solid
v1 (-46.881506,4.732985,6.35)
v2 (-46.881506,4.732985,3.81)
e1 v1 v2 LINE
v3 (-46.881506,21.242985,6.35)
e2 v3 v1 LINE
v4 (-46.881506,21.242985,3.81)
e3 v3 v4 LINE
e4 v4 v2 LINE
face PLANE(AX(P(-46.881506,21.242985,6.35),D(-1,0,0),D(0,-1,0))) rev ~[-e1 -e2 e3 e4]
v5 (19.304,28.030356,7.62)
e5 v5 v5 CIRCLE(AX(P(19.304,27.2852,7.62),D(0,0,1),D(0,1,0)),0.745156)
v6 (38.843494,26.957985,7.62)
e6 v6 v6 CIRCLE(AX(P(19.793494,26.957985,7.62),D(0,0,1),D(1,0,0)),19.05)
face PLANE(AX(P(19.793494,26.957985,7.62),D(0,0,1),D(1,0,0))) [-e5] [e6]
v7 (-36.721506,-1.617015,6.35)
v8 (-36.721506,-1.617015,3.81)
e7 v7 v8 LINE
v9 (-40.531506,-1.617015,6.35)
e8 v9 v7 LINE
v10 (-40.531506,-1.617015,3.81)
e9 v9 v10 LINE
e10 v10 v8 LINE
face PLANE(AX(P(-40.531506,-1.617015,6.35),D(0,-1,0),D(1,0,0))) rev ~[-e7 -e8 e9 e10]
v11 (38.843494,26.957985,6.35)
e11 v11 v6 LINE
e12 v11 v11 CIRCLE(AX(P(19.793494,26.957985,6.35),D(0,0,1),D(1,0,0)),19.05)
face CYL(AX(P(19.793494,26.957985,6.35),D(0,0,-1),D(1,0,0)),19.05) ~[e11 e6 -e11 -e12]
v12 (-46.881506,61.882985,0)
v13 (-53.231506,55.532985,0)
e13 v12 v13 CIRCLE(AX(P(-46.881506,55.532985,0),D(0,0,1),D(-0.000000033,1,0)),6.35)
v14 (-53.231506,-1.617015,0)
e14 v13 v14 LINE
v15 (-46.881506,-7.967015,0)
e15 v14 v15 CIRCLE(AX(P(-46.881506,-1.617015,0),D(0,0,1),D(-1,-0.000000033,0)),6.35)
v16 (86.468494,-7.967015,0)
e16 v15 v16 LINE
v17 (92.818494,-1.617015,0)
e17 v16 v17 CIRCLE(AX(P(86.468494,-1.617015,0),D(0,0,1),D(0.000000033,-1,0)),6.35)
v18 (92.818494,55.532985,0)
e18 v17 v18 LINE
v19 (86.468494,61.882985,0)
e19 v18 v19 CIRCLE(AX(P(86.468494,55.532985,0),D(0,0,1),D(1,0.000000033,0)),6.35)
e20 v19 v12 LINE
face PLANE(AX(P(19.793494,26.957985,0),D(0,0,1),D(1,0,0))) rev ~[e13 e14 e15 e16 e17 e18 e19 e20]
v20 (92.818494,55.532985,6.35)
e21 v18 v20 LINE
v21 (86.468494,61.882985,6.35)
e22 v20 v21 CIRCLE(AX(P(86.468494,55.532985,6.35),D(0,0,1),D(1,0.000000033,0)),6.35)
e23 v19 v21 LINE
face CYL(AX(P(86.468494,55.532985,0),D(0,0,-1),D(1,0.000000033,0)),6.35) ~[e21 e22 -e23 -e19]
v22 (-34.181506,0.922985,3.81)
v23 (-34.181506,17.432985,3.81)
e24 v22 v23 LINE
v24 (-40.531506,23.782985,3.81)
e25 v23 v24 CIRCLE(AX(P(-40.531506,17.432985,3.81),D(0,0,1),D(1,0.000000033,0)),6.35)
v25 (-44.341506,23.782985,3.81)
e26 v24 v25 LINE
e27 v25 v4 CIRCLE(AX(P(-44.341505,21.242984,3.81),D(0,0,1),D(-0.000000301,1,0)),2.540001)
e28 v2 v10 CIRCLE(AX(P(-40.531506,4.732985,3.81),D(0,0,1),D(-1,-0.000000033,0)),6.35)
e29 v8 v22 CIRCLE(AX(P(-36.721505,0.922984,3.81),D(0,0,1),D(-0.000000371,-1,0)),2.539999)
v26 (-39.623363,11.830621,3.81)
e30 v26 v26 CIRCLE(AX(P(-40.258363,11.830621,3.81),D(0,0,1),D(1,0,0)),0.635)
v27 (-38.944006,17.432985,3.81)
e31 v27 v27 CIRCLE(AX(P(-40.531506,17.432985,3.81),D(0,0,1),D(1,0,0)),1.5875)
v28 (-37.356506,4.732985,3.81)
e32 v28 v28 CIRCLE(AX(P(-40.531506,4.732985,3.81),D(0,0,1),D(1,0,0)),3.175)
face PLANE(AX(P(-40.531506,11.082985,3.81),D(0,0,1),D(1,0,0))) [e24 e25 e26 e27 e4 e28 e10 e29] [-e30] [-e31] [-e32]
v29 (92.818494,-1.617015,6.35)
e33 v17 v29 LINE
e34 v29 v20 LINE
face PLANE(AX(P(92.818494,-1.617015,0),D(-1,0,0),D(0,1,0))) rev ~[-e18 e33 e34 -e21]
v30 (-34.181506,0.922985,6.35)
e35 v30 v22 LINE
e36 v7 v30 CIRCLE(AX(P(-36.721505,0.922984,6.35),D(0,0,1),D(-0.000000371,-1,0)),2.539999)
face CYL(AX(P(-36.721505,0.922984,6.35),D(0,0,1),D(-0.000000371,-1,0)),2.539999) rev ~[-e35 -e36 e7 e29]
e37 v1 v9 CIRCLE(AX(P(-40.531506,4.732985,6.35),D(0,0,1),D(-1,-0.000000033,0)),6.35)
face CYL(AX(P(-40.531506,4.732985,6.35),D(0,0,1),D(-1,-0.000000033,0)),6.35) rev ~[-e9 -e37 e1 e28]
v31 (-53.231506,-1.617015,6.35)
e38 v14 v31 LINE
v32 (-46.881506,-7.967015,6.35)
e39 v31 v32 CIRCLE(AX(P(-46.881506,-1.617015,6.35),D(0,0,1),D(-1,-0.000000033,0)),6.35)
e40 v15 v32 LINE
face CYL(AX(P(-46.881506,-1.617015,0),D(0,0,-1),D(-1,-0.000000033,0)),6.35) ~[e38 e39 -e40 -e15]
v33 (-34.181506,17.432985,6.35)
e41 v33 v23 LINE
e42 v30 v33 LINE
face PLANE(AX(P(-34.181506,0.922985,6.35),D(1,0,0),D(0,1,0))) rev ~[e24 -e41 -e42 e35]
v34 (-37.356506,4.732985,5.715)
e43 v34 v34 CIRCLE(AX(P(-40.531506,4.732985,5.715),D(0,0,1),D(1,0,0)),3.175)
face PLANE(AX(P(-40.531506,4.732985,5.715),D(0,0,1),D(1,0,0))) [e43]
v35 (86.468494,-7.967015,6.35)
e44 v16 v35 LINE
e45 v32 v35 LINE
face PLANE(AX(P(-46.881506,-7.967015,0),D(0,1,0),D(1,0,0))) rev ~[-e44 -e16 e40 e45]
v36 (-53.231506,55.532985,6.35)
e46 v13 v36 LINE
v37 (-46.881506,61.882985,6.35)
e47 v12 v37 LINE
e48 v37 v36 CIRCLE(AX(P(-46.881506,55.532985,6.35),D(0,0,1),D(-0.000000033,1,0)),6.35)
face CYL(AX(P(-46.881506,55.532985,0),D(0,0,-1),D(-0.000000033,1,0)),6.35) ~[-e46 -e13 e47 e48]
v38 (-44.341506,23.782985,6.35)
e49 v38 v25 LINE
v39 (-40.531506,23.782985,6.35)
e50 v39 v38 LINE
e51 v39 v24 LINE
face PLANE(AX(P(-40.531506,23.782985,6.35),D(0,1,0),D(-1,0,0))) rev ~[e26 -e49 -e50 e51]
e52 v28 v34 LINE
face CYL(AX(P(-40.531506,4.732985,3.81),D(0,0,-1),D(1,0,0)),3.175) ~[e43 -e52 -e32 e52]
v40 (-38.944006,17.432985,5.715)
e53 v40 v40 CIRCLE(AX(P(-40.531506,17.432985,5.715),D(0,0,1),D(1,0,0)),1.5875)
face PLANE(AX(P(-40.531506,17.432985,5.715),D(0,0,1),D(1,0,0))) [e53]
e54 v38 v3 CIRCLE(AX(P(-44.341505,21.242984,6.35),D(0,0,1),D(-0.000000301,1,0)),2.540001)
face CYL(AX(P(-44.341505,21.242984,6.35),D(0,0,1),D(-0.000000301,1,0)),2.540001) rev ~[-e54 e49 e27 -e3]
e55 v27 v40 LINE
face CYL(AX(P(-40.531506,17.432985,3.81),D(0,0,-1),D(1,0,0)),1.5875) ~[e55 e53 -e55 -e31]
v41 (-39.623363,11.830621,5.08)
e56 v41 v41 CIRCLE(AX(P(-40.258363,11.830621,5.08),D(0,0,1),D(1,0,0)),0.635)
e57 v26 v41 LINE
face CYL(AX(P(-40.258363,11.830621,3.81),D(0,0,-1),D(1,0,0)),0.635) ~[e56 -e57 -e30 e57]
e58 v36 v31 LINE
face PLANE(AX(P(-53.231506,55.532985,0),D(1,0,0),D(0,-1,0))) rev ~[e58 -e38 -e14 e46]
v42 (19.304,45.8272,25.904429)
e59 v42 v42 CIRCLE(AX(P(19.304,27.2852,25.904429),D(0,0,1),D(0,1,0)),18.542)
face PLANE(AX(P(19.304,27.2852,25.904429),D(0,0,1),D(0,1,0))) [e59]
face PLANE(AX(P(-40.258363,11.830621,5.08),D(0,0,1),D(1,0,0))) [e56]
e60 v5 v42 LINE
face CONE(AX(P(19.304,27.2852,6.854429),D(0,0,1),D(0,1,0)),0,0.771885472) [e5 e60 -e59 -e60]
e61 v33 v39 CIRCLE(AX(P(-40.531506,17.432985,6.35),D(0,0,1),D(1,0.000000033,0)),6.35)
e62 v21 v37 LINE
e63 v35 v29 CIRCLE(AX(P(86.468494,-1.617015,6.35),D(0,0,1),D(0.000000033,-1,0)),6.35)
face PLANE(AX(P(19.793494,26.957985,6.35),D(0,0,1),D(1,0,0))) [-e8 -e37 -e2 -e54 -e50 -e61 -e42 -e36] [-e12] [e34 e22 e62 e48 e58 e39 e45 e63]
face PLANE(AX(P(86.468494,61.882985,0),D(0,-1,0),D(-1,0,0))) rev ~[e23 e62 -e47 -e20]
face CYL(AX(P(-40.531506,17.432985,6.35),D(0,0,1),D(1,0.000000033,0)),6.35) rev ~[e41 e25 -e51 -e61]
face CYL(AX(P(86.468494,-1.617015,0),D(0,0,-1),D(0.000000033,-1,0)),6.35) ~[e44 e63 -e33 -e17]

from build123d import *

# Parameters (mm, degrees)
F1_DEPTH = 6.35
F3_DEPTH = 2.54
F4_R     = 3.175
F4_R_2   = 1.5875
F5_DEPTH = 1.905
F6_R     = 0.635
F7_DEPTH = 1.27
F8_R     = 19.05
F9_DEPTH = 1.27


with BuildPart() as f1:
    # F0 (on Top) → F1 (new body)
    with BuildSketch(Plane.XY):
        with BuildLine():
            Line((86.468494, 61.882985), (-46.881506, 61.882985))
            ThreePointArc((-46.881506, 61.882985), (-51.371634, 60.023113), (-53.231506, 55.532985))
            Line((-53.231506, 55.532985), (-53.231506, -1.617015))
            ThreePointArc((-53.231506, -1.617015), (-51.371634, -6.107143), (-46.881506, -7.967015))
            Line((-46.881506, -7.967015), (86.468494, -7.967015))
            ThreePointArc((86.468494, -7.967015), (90.958622, -6.107143), (92.818494, -1.617015))
            Line((92.818494, -1.617015), (92.818494, 55.532985))
            ThreePointArc((92.818494, 55.532985), (90.958622, 60.023113), (86.468494, 61.882985))
        make_face()
    extrude(amount=F1_DEPTH)

    # F2 (on face) → F3 (cut)
    with BuildSketch(Plane.XY.offset(6.35)):
        with BuildLine():
            ThreePointArc((-46.881506, 4.732985), (-45.021634, 0.242857), (-40.531506, -1.617015))
            Line((-40.531506, -1.617015), (-36.721506, -1.617015))
            ThreePointArc((-36.721506, -1.617015), (-34.925455, -0.873067), (-34.181506, 0.922985))
            Line((-34.181506, 0.922985), (-34.181506, 17.432985))
            ThreePointArc((-34.181506, 17.432985), (-36.041378, 21.923113), (-40.531506, 23.782985))
            Line((-40.531506, 23.782985), (-44.341506, 23.782985))
            ThreePointArc((-44.341506, 23.782985), (-46.137557, 23.039036), (-46.881506, 21.242985))
            Line((-46.881506, 21.242985), (-46.881506, 4.732985))
        make_face()
    extrude(amount=-F3_DEPTH, mode=Mode.SUBTRACT)

    # F4 (on face) → F5 (join)
    with BuildSketch(Plane.XY.offset(3.81)):
        with Locations((-40.531506, 4.732985)):
            Circle(F4_R)
        with Locations((-40.531506, 17.432985)):
            Circle(F4_R_2)
    extrude(amount=F5_DEPTH)

    # F6 (on face) → F7 (join)
    with BuildSketch(Plane.XY.offset(3.81)):
        with Locations((-40.258363, 11.830621)):
            Circle(F6_R)
    extrude(amount=F7_DEPTH)

    # F8 (on face) → F9 (join)
    with BuildSketch(Plane.XY.offset(6.35)):
        with Locations((19.793494, 26.957985)):
            Circle(F8_R)
    extrude(amount=F9_DEPTH)

    # F11 (on offset) → F12 (revolve)
    with BuildSketch(Plane.YZ.offset(19.304)):
        Polygon((27.2852, 25.904429), (27.2852, 6.854429), (45.8272, 25.904429), align=None)
    revolve(axis=Axis((19.304, 27.2852, 16.379429), (0, 0, 1)))


solid = f1.part
